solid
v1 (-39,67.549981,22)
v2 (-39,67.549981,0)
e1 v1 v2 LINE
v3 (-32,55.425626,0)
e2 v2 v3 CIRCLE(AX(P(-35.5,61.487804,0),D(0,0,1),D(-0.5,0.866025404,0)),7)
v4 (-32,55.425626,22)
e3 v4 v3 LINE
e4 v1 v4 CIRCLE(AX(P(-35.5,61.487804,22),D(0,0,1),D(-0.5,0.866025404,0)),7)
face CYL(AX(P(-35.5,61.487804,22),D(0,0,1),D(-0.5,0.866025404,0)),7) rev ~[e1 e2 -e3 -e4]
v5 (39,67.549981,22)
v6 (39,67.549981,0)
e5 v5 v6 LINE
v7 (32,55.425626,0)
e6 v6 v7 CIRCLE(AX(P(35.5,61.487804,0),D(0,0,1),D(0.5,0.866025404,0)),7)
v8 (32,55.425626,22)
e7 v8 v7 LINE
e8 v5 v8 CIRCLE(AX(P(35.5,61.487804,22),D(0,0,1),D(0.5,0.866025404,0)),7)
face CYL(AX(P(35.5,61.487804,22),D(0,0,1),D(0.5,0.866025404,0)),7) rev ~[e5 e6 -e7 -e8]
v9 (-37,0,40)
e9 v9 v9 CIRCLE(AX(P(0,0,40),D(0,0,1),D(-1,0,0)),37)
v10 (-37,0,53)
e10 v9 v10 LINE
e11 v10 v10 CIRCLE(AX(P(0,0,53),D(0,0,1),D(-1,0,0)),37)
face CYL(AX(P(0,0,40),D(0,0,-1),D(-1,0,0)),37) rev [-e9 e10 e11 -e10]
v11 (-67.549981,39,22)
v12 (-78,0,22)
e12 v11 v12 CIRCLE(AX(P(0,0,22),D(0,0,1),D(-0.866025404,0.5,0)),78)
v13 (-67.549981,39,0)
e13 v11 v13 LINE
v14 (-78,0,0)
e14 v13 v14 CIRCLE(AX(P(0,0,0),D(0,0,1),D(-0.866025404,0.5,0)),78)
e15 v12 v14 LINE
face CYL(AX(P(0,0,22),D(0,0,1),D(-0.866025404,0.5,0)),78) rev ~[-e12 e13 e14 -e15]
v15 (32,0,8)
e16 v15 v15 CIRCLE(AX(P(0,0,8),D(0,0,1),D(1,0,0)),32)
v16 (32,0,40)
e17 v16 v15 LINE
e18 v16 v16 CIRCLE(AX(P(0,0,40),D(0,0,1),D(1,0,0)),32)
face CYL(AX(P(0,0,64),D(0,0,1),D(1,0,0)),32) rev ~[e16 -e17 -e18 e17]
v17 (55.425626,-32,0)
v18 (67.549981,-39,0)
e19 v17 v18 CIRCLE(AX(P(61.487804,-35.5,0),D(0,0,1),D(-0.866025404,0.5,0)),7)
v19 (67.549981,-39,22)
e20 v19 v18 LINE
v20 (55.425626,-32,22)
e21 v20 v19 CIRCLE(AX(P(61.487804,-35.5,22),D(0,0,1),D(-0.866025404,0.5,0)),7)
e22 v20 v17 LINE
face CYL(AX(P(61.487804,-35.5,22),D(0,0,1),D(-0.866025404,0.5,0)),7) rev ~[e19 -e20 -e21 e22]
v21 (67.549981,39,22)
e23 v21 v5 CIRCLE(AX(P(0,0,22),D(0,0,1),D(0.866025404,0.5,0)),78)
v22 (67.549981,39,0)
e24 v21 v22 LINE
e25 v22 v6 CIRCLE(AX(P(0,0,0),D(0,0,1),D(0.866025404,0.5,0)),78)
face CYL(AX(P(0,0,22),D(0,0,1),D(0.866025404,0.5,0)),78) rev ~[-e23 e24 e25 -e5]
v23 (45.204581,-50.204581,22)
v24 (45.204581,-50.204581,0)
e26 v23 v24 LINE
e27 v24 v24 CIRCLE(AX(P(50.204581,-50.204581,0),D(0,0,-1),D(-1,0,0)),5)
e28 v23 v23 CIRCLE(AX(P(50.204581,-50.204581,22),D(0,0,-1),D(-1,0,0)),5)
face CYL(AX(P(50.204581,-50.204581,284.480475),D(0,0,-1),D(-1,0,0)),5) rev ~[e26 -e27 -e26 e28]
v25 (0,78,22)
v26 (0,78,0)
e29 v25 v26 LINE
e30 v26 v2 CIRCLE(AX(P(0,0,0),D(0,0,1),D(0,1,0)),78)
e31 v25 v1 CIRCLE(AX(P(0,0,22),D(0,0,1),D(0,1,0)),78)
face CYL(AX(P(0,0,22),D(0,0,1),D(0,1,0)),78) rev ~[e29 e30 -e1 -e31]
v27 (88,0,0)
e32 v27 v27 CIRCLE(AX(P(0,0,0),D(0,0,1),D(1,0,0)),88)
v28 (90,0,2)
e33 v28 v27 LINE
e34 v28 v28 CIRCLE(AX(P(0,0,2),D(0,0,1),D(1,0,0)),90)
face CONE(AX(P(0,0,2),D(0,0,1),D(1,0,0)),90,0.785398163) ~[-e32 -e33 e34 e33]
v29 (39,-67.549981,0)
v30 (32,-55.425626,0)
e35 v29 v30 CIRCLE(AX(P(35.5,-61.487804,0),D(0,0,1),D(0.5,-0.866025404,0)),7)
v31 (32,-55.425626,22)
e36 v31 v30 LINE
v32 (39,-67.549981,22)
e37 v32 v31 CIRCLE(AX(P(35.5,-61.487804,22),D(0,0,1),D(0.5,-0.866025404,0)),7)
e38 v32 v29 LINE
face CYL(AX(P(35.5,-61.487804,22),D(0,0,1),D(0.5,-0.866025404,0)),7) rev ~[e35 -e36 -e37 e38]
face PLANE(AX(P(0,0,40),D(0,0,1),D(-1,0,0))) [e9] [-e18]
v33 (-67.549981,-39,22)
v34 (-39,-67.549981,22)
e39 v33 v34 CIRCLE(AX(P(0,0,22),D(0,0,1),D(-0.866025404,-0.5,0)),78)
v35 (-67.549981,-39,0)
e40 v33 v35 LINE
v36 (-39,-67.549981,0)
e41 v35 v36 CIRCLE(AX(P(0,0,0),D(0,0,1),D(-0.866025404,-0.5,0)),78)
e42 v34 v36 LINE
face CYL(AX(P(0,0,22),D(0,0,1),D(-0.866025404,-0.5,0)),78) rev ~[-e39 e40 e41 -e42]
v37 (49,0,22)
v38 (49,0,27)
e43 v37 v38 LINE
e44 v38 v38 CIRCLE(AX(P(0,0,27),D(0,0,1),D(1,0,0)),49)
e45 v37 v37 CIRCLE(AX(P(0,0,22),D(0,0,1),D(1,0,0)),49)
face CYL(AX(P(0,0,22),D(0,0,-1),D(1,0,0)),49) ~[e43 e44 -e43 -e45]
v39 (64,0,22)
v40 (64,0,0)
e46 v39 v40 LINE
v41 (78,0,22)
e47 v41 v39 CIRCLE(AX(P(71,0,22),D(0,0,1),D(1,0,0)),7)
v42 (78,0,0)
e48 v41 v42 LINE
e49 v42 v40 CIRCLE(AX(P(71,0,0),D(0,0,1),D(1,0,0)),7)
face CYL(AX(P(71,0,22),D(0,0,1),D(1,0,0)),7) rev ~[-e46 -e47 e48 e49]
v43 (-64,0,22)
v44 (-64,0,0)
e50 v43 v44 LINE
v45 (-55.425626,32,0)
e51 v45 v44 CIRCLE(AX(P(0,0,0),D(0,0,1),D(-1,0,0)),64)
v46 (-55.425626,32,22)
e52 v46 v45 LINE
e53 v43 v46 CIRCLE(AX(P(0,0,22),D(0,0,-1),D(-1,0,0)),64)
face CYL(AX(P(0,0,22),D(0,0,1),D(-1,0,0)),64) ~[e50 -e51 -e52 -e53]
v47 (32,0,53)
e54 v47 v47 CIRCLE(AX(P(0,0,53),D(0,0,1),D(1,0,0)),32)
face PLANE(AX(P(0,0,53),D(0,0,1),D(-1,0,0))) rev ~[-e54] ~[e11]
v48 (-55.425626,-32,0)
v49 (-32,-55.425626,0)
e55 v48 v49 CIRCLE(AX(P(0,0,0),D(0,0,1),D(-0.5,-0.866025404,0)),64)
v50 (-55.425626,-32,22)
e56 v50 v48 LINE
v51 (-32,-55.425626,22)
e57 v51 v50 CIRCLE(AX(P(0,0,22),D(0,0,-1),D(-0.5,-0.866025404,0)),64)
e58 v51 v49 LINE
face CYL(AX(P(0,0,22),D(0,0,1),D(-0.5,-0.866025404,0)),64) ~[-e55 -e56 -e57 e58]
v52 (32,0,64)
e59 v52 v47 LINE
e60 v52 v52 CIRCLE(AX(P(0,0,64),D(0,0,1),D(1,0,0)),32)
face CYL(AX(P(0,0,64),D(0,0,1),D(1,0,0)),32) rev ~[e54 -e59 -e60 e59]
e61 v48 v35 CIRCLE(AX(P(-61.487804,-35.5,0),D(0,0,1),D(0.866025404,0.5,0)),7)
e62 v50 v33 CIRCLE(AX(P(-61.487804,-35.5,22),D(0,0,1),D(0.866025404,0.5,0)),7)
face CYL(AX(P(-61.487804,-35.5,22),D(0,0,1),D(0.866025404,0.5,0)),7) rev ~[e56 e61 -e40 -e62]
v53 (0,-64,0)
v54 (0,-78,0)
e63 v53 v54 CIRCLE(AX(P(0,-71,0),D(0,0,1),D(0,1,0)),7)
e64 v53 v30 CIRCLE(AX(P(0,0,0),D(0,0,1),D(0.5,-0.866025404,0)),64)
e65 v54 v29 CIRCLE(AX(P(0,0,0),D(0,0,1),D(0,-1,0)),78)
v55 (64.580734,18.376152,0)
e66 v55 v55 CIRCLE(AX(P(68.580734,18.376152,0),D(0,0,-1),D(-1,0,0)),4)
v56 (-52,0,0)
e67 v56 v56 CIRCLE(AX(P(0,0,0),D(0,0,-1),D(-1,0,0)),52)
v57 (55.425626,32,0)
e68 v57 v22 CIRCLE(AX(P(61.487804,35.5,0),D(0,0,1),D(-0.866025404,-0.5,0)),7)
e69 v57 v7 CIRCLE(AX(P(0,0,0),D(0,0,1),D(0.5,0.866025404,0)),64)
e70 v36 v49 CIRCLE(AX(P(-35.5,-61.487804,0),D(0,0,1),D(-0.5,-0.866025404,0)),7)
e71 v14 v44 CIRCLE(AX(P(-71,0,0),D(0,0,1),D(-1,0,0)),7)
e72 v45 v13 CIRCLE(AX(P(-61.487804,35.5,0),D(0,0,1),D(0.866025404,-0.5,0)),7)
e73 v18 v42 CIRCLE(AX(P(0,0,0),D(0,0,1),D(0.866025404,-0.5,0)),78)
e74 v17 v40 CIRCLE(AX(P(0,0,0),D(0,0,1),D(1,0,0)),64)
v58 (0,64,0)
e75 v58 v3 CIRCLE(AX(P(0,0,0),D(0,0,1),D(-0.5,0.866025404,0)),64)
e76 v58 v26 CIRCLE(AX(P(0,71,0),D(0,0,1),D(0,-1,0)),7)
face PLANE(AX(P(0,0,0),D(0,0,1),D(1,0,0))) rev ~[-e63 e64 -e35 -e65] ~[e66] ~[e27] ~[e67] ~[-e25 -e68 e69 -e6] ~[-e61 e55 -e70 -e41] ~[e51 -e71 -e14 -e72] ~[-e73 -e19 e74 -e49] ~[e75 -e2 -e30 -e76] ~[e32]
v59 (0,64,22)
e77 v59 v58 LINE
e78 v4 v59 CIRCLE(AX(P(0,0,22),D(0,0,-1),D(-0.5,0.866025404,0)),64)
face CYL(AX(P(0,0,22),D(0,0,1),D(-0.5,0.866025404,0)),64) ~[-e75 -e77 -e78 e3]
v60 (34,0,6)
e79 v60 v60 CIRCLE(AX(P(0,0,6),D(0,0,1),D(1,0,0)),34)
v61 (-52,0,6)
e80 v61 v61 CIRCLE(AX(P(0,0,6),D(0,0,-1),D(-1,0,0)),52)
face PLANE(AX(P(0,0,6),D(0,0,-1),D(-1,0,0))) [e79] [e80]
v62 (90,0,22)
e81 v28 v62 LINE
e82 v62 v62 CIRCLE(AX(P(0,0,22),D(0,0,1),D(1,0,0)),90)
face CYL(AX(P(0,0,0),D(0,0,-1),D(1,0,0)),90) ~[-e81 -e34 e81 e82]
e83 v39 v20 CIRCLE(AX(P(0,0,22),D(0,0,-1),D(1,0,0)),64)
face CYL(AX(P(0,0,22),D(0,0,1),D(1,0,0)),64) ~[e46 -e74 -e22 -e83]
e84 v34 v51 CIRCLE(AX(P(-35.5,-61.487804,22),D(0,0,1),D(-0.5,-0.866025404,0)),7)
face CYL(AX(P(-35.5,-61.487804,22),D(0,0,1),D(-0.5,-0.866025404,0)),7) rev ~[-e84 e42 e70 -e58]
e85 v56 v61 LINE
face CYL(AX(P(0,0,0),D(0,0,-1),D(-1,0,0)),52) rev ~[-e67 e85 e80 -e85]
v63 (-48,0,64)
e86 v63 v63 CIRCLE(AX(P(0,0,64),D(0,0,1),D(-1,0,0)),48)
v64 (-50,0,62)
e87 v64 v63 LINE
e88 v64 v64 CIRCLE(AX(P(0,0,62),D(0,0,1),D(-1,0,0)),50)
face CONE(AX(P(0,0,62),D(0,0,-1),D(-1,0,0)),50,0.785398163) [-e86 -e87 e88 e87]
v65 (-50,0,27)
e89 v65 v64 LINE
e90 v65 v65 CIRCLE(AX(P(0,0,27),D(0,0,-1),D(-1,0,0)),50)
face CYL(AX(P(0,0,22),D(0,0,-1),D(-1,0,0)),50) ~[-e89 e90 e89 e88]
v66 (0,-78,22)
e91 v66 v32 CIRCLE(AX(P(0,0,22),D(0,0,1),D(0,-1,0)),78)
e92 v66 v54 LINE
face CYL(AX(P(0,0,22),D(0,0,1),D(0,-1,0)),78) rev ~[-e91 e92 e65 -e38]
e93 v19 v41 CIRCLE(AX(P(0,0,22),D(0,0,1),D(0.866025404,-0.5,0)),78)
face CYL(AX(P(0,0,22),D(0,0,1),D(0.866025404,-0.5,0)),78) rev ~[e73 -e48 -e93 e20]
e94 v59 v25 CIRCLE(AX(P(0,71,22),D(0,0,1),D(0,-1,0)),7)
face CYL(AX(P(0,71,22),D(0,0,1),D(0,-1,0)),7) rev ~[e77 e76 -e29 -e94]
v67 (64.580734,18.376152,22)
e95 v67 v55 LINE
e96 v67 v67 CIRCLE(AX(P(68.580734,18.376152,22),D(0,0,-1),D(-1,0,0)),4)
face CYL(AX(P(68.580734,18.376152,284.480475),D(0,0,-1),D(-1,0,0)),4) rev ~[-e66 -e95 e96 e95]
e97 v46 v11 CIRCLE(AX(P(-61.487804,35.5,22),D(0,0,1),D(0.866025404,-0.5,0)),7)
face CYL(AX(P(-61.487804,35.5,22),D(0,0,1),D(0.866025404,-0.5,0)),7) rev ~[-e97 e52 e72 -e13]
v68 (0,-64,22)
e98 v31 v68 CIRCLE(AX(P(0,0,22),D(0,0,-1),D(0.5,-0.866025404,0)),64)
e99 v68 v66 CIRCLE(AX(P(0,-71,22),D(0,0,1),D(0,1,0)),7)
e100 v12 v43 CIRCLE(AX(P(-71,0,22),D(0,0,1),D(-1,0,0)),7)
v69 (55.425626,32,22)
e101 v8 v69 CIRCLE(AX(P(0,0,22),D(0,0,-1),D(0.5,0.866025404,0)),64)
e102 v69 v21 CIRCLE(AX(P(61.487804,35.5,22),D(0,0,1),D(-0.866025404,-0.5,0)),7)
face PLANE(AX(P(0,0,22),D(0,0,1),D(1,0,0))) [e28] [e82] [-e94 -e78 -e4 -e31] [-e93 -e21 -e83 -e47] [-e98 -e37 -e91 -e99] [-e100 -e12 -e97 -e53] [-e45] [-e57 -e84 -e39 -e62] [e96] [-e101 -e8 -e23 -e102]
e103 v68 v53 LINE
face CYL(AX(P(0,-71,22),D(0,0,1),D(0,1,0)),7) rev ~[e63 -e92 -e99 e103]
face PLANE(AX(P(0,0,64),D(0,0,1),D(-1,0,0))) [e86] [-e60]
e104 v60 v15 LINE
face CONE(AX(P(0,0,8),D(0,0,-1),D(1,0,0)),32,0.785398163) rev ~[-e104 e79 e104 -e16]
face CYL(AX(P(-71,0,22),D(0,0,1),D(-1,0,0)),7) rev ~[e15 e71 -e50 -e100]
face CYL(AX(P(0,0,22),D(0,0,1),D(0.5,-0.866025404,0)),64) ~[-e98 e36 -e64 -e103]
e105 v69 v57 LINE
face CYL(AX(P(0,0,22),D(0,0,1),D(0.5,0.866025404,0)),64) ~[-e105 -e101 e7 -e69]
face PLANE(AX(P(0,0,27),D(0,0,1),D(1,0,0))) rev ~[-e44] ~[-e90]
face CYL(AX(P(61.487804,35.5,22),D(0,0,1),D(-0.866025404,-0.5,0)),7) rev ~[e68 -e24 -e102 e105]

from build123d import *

# Parameters (mm, degrees)
SKETCH_1_R               = 90
EXTRUDE_1_DEPTH          = 22
SKETCH_2_R               = 50
EXTRUDE_2_DEPTH          = 42
SKETCH_3_OUTSIDE_W       = 234.496
SKETCH_3_OUTSIDE_H       = 234.496
SKETCH_3_OUTSIDE_R       = 49
CUT_EXTRUDE_1_DEPTH      = 5
SKETCH_4_R               = 32
CUT_EXTRUDE_2_DEPTH      = 143.464030548
CUT_EXTRUDE_START        = -24
SKETCH_5_R               = 37
CUT_EXTRUDE_3_DEPTH      = 13
SKETCH_6_R               = 52
CUT_EXTRUDE_4_DEPTH      = 6
CHAMFER_1_SIZE           = 2
CUT_EXTRUDE_5_DEPTH      = 135.029847422
PATTERN_CIRCULAR_1_COUNT = 6
F_10_0MM_2_D             = 10
F_8_0MM_1_D              = 8


with BuildPart() as part:
    # 草图1 → 凸台-拉伸1 (new body)
    with BuildSketch(Plane.XY):
        Circle(SKETCH_1_R)
    extrude(amount=EXTRUDE_1_DEPTH)

    # 草图2 → 凸台-拉伸2 (add)
    with BuildSketch(Plane.XY.offset(22)):
        with Locations(Location((0, 0, 0), (0, 0, 180))):
            Circle(SKETCH_2_R)
    extrude(amount=EXTRUDE_2_DEPTH)

    # 草图3 outside → 切除-拉伸1 (cut)
    with BuildSketch(Plane.XY.offset(22)):
        Rectangle(SKETCH_3_OUTSIDE_W, SKETCH_3_OUTSIDE_H)
        Circle(SKETCH_3_OUTSIDE_R, mode=Mode.SUBTRACT)
    extrude(amount=CUT_EXTRUDE_1_DEPTH, mode=Mode.SUBTRACT)

    # 草图4 → 切除-拉伸2 (cut, through all)
    with BuildSketch(Plane.XY.offset(64)):
        Circle(SKETCH_4_R)
    extrude(amount=-CUT_EXTRUDE_2_DEPTH, mode=Mode.SUBTRACT)

    # 草图5 → 切除-拉伸3 (cut)
    with BuildSketch(Plane.XY.offset(64).offset(CUT_EXTRUDE_START)):
        with Locations(Location((0, 0, 0), (0, 0, 180))):
            Circle(SKETCH_5_R)
    extrude(amount=CUT_EXTRUDE_3_DEPTH, mode=Mode.SUBTRACT)

    # 草图6 → 切除-拉伸4 (cut)
    with BuildSketch(Plane(origin=(0, 0, 0), x_dir=(-1, 0, 0), z_dir=(0, 0, -1))):
        Circle(SKETCH_6_R)
    extrude(amount=-CUT_EXTRUDE_4_DEPTH, mode=Mode.SUBTRACT)

    # 倒角1
    chamfer_1_edges = [part.edges().sort_by_distance(p)[0] for p in [
        (-90, 0, 0),
        (-32, 0, 6),
        (50, 0, 64),
    ]]
    chamfer(chamfer_1_edges, length=CHAMFER_1_SIZE)

    # 草图7 → 切除-拉伸5 (cut, through all)
    with BuildSketch(Plane.XY.offset(22)):
        with BuildLine():
            ThreePointArc((0, 78), (-20.187885518, 75.342214451), (-39, 67.549981495))
            ThreePointArc((-39, 67.549981495), (-41.562177826, 57.987803669), (-32, 55.425625842))
            ThreePointArc((-32, 55.425625842), (-16.564418887, 61.819252883), (0, 64))
            ThreePointArc((0, 64), (7, 71), (0, 78))
        make_face()
    cut_extrude_5 = extrude(amount=-CUT_EXTRUDE_5_DEPTH, mode=Mode.SUBTRACT)

    # 阵列(圆周)1: 切除-拉伸5 ×6 about axis
    pattern_circular_1_axis = Axis((0, 0, 0), (0, 0, 1))
    for i in range(1, PATTERN_CIRCULAR_1_COUNT):
        add(cut_extrude_5.rotate(pattern_circular_1_axis, i * 360 / PATTERN_CIRCULAR_1_COUNT), mode=Mode.SUBTRACT)

    # Ø10.0mm 暗销孔2 (through all)
    with Locations(Plane.XY.offset(22)):
        with Locations((50.204581464, -50.204581464)):
            Hole(F_10_0MM_2_D / 2)

    # Ø8.0mm 暗销孔1 (through all)
    with Locations(Plane.XY.offset(22)):
        with Locations((68.580733667, 18.376152202)):
            Hole(F_8_0MM_1_D / 2)


solid = part.part
